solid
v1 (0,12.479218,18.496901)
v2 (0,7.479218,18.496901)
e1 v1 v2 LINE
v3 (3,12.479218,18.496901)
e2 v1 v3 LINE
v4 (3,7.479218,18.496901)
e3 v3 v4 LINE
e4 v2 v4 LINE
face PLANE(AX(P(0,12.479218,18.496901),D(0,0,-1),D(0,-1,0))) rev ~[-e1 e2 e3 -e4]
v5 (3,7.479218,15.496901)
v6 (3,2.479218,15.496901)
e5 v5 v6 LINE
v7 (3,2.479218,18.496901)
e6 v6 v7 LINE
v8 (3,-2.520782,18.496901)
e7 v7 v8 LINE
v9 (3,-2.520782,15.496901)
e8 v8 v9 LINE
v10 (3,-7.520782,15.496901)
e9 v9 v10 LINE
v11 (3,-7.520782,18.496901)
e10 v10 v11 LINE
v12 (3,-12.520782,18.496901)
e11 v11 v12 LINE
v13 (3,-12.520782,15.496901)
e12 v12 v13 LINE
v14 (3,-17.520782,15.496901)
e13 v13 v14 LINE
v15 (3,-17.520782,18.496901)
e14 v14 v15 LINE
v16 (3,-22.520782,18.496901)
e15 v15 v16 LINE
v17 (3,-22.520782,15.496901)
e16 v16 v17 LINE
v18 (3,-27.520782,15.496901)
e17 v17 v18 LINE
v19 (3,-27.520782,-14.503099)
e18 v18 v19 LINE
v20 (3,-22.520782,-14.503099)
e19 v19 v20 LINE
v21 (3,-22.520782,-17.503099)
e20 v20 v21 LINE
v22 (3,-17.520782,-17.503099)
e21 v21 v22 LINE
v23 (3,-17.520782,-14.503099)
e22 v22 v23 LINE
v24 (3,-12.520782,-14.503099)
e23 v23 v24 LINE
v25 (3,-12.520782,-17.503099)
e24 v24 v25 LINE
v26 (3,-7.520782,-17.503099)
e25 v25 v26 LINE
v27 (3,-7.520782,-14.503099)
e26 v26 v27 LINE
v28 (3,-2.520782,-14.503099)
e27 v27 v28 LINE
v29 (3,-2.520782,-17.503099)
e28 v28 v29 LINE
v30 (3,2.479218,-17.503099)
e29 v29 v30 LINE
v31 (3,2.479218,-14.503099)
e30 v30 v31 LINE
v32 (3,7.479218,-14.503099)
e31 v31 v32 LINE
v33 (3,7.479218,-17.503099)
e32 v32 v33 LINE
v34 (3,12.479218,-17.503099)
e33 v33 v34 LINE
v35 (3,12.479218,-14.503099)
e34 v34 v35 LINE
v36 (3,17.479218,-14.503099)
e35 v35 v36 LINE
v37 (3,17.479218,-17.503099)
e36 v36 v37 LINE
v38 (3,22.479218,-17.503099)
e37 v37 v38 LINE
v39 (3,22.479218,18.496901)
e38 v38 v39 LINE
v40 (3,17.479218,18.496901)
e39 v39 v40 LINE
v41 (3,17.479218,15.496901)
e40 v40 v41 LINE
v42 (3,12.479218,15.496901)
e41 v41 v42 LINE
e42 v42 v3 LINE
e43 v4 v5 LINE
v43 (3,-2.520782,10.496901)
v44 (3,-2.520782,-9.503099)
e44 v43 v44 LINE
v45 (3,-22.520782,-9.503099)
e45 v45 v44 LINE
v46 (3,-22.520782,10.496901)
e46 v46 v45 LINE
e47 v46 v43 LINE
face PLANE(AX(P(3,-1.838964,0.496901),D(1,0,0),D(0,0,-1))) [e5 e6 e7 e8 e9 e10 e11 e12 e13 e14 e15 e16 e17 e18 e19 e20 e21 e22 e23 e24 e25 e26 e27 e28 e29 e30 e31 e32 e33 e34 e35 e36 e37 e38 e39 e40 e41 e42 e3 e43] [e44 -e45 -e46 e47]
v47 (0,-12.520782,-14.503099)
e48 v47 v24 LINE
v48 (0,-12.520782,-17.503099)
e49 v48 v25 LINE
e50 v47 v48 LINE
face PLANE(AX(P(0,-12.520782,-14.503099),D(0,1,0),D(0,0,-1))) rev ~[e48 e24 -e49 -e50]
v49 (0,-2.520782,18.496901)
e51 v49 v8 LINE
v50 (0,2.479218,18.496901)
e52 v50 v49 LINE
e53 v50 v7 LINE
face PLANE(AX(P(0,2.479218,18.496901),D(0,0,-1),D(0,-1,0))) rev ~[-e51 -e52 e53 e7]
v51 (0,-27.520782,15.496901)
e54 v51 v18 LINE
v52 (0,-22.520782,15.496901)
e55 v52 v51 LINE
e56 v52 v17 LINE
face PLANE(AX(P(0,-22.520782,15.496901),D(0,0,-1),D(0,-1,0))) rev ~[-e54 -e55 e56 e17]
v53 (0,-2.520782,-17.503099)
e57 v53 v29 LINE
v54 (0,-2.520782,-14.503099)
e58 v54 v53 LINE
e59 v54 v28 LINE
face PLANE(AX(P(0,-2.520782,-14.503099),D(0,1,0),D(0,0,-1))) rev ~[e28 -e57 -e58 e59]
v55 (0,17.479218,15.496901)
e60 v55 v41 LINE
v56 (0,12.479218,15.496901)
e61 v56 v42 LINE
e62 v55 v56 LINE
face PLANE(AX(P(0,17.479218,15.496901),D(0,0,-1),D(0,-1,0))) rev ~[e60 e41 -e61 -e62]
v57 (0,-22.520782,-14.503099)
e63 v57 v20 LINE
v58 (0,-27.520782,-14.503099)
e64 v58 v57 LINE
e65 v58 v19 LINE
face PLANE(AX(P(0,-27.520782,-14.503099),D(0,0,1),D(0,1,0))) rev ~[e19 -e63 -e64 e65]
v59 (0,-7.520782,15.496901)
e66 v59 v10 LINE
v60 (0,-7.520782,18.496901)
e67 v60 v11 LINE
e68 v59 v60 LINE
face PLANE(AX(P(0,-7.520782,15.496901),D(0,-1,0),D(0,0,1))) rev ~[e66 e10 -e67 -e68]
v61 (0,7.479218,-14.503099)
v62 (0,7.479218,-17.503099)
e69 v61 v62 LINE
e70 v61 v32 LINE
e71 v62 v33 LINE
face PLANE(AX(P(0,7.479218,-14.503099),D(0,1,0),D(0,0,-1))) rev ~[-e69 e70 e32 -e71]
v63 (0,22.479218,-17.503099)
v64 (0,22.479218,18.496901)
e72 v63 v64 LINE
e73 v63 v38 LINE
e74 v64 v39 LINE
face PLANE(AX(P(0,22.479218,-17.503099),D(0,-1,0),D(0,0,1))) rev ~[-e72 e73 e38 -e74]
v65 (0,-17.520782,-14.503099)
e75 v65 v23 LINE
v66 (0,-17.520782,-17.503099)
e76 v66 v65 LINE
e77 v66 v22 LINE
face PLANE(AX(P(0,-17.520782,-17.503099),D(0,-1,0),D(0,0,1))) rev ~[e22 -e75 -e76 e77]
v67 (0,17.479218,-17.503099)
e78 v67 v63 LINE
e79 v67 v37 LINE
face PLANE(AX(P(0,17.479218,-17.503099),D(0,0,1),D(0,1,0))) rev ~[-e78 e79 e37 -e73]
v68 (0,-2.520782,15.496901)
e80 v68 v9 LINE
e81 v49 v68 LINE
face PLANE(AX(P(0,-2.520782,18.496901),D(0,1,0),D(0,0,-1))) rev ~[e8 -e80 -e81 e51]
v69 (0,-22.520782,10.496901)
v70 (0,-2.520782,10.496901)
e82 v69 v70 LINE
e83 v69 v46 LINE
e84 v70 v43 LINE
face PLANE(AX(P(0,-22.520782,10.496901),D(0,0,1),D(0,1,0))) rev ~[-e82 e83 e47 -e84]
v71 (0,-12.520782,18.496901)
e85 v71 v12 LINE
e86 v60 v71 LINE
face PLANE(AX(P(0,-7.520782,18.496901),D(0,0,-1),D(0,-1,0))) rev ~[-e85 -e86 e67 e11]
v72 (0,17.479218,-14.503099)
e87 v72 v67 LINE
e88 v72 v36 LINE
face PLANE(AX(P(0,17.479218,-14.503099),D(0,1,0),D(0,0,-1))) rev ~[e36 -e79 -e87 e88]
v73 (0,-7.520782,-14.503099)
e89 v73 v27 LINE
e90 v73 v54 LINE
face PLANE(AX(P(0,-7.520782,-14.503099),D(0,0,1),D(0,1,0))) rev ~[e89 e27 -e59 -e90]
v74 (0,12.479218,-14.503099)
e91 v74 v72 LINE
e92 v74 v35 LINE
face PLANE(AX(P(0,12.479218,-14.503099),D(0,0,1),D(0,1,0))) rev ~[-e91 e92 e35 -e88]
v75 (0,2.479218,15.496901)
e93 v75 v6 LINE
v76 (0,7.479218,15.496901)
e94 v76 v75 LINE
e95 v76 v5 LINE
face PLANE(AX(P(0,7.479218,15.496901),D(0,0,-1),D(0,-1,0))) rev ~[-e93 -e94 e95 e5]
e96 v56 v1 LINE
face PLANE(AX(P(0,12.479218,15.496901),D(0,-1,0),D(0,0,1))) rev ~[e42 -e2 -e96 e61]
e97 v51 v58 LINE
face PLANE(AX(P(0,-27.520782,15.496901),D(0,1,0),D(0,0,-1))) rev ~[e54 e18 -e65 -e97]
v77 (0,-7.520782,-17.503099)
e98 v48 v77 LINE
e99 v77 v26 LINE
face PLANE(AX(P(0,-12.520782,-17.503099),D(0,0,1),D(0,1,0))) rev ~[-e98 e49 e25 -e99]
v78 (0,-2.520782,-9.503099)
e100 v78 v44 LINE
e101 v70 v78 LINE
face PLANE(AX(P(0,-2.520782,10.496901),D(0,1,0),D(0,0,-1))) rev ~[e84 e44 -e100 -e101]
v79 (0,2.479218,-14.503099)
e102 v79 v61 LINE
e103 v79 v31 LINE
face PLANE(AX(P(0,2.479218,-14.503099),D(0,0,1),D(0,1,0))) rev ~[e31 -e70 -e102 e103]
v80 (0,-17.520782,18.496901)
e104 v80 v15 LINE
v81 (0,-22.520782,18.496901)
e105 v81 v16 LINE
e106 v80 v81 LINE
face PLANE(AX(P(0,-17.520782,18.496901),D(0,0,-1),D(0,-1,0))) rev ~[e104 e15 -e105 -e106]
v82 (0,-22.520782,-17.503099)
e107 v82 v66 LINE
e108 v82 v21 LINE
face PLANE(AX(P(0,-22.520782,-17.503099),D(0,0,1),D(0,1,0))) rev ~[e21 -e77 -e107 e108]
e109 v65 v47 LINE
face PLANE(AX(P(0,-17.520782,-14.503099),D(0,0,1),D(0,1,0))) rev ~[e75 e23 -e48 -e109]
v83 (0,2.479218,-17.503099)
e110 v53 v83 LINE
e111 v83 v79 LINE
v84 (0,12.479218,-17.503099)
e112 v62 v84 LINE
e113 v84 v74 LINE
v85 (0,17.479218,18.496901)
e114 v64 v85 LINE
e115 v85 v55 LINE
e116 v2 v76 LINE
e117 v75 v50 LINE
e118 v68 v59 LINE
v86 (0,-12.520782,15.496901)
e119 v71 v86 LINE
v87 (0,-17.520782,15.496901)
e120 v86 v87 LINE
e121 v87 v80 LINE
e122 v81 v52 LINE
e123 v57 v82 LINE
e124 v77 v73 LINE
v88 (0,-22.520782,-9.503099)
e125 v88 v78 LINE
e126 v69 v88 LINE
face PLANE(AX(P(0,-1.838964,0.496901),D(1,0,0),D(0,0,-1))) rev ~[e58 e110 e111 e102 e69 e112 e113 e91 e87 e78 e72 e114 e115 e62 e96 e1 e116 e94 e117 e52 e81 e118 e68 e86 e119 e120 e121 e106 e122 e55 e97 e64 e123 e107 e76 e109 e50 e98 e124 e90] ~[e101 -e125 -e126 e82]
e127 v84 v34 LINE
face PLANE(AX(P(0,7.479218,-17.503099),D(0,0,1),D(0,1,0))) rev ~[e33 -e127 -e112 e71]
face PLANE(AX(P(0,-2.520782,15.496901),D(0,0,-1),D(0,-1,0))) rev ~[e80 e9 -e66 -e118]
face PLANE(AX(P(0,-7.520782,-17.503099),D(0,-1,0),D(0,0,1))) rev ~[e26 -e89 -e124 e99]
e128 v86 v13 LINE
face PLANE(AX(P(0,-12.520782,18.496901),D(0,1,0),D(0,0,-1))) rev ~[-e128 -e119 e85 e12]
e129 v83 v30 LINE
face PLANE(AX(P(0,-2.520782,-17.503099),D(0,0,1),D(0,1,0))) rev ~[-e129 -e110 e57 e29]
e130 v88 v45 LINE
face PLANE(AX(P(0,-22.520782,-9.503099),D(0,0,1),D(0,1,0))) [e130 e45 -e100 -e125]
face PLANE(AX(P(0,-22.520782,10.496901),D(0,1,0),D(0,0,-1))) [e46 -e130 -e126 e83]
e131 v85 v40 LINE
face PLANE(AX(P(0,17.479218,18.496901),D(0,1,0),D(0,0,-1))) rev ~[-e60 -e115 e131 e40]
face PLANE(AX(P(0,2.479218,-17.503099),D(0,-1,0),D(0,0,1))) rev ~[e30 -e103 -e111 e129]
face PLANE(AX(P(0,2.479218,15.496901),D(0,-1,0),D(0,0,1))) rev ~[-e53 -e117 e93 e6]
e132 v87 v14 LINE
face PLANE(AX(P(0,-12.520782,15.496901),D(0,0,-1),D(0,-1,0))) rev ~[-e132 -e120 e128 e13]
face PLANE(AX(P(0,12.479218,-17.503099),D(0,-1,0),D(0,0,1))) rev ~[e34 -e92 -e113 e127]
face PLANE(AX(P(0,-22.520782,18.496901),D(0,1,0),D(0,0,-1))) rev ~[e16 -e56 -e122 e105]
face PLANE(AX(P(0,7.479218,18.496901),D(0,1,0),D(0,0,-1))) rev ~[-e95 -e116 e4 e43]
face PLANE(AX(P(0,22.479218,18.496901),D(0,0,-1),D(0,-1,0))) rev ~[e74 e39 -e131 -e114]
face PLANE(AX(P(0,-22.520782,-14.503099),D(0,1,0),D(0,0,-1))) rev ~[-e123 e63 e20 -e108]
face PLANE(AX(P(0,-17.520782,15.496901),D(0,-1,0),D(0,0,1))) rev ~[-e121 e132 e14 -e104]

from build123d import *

# Parameters (mm, degrees)
ESBO_O1_W                = 20
ESBO_O1_H                = 20
RESSALTO_EXTRUS_O1_DEPTH = 3


with BuildPart() as part:
    # Esboço1 → Ressalto-extrusão1 (new body)
    with BuildSketch(Plane(origin=(0, 0, 0), x_dir=(0, 0, -1), z_dir=(1, 0, 0))):
        Polygon((-18.496900578, 22.479218088), (-18.496900578, 17.479218088), (-15.496900578, 17.479218088), (-15.496900578, 12.479218088), (-18.496900578, 12.479218088), (-18.496900578, 7.479218088), (-15.496900578, 7.479218088), (-15.496900578, 2.479218088), (-18.496900578, 2.479218088), (-18.496900578, -2.520781912), (-15.496900578, -2.520781912), (-15.496900578, -7.520781912), (-18.496900578, -7.520781912), (-18.496900578, -12.520781912), (-15.496900578, -12.520781912), (-15.496900578, -17.520781912), (-18.496900578, -17.520781912), (-18.496900578, -22.520781912), (-15.496900578, -22.520781912), (-15.496900578, -27.520781912), (14.503099422, -27.520781912), (14.503099422, -22.520781912), (17.503099422, -22.520781912), (17.503099422, -17.520781912), (14.503099422, -17.520781912), (14.503099422, -12.520781912), (17.503099422, -12.520781912), (17.503099422, -7.520781912), (14.503099422, -7.520781912), (14.503099422, -2.520781912), (17.503099422, -2.520781912), (17.503099422, 2.479218088), (14.503099422, 2.479218088), (14.503099422, 7.479218088), (17.503099422, 7.479218088), (17.503099422, 12.479218088), (14.503099422, 12.479218088), (14.503099422, 17.479218088), (17.503099422, 17.479218088), (17.503099422, 22.479218088), align=None)
        with Locations((-0.496900578, -12.520781912)):
            Rectangle(ESBO_O1_W, ESBO_O1_H, mode=Mode.SUBTRACT)
    extrude(amount=RESSALTO_EXTRUS_O1_DEPTH)


solid = part.part
